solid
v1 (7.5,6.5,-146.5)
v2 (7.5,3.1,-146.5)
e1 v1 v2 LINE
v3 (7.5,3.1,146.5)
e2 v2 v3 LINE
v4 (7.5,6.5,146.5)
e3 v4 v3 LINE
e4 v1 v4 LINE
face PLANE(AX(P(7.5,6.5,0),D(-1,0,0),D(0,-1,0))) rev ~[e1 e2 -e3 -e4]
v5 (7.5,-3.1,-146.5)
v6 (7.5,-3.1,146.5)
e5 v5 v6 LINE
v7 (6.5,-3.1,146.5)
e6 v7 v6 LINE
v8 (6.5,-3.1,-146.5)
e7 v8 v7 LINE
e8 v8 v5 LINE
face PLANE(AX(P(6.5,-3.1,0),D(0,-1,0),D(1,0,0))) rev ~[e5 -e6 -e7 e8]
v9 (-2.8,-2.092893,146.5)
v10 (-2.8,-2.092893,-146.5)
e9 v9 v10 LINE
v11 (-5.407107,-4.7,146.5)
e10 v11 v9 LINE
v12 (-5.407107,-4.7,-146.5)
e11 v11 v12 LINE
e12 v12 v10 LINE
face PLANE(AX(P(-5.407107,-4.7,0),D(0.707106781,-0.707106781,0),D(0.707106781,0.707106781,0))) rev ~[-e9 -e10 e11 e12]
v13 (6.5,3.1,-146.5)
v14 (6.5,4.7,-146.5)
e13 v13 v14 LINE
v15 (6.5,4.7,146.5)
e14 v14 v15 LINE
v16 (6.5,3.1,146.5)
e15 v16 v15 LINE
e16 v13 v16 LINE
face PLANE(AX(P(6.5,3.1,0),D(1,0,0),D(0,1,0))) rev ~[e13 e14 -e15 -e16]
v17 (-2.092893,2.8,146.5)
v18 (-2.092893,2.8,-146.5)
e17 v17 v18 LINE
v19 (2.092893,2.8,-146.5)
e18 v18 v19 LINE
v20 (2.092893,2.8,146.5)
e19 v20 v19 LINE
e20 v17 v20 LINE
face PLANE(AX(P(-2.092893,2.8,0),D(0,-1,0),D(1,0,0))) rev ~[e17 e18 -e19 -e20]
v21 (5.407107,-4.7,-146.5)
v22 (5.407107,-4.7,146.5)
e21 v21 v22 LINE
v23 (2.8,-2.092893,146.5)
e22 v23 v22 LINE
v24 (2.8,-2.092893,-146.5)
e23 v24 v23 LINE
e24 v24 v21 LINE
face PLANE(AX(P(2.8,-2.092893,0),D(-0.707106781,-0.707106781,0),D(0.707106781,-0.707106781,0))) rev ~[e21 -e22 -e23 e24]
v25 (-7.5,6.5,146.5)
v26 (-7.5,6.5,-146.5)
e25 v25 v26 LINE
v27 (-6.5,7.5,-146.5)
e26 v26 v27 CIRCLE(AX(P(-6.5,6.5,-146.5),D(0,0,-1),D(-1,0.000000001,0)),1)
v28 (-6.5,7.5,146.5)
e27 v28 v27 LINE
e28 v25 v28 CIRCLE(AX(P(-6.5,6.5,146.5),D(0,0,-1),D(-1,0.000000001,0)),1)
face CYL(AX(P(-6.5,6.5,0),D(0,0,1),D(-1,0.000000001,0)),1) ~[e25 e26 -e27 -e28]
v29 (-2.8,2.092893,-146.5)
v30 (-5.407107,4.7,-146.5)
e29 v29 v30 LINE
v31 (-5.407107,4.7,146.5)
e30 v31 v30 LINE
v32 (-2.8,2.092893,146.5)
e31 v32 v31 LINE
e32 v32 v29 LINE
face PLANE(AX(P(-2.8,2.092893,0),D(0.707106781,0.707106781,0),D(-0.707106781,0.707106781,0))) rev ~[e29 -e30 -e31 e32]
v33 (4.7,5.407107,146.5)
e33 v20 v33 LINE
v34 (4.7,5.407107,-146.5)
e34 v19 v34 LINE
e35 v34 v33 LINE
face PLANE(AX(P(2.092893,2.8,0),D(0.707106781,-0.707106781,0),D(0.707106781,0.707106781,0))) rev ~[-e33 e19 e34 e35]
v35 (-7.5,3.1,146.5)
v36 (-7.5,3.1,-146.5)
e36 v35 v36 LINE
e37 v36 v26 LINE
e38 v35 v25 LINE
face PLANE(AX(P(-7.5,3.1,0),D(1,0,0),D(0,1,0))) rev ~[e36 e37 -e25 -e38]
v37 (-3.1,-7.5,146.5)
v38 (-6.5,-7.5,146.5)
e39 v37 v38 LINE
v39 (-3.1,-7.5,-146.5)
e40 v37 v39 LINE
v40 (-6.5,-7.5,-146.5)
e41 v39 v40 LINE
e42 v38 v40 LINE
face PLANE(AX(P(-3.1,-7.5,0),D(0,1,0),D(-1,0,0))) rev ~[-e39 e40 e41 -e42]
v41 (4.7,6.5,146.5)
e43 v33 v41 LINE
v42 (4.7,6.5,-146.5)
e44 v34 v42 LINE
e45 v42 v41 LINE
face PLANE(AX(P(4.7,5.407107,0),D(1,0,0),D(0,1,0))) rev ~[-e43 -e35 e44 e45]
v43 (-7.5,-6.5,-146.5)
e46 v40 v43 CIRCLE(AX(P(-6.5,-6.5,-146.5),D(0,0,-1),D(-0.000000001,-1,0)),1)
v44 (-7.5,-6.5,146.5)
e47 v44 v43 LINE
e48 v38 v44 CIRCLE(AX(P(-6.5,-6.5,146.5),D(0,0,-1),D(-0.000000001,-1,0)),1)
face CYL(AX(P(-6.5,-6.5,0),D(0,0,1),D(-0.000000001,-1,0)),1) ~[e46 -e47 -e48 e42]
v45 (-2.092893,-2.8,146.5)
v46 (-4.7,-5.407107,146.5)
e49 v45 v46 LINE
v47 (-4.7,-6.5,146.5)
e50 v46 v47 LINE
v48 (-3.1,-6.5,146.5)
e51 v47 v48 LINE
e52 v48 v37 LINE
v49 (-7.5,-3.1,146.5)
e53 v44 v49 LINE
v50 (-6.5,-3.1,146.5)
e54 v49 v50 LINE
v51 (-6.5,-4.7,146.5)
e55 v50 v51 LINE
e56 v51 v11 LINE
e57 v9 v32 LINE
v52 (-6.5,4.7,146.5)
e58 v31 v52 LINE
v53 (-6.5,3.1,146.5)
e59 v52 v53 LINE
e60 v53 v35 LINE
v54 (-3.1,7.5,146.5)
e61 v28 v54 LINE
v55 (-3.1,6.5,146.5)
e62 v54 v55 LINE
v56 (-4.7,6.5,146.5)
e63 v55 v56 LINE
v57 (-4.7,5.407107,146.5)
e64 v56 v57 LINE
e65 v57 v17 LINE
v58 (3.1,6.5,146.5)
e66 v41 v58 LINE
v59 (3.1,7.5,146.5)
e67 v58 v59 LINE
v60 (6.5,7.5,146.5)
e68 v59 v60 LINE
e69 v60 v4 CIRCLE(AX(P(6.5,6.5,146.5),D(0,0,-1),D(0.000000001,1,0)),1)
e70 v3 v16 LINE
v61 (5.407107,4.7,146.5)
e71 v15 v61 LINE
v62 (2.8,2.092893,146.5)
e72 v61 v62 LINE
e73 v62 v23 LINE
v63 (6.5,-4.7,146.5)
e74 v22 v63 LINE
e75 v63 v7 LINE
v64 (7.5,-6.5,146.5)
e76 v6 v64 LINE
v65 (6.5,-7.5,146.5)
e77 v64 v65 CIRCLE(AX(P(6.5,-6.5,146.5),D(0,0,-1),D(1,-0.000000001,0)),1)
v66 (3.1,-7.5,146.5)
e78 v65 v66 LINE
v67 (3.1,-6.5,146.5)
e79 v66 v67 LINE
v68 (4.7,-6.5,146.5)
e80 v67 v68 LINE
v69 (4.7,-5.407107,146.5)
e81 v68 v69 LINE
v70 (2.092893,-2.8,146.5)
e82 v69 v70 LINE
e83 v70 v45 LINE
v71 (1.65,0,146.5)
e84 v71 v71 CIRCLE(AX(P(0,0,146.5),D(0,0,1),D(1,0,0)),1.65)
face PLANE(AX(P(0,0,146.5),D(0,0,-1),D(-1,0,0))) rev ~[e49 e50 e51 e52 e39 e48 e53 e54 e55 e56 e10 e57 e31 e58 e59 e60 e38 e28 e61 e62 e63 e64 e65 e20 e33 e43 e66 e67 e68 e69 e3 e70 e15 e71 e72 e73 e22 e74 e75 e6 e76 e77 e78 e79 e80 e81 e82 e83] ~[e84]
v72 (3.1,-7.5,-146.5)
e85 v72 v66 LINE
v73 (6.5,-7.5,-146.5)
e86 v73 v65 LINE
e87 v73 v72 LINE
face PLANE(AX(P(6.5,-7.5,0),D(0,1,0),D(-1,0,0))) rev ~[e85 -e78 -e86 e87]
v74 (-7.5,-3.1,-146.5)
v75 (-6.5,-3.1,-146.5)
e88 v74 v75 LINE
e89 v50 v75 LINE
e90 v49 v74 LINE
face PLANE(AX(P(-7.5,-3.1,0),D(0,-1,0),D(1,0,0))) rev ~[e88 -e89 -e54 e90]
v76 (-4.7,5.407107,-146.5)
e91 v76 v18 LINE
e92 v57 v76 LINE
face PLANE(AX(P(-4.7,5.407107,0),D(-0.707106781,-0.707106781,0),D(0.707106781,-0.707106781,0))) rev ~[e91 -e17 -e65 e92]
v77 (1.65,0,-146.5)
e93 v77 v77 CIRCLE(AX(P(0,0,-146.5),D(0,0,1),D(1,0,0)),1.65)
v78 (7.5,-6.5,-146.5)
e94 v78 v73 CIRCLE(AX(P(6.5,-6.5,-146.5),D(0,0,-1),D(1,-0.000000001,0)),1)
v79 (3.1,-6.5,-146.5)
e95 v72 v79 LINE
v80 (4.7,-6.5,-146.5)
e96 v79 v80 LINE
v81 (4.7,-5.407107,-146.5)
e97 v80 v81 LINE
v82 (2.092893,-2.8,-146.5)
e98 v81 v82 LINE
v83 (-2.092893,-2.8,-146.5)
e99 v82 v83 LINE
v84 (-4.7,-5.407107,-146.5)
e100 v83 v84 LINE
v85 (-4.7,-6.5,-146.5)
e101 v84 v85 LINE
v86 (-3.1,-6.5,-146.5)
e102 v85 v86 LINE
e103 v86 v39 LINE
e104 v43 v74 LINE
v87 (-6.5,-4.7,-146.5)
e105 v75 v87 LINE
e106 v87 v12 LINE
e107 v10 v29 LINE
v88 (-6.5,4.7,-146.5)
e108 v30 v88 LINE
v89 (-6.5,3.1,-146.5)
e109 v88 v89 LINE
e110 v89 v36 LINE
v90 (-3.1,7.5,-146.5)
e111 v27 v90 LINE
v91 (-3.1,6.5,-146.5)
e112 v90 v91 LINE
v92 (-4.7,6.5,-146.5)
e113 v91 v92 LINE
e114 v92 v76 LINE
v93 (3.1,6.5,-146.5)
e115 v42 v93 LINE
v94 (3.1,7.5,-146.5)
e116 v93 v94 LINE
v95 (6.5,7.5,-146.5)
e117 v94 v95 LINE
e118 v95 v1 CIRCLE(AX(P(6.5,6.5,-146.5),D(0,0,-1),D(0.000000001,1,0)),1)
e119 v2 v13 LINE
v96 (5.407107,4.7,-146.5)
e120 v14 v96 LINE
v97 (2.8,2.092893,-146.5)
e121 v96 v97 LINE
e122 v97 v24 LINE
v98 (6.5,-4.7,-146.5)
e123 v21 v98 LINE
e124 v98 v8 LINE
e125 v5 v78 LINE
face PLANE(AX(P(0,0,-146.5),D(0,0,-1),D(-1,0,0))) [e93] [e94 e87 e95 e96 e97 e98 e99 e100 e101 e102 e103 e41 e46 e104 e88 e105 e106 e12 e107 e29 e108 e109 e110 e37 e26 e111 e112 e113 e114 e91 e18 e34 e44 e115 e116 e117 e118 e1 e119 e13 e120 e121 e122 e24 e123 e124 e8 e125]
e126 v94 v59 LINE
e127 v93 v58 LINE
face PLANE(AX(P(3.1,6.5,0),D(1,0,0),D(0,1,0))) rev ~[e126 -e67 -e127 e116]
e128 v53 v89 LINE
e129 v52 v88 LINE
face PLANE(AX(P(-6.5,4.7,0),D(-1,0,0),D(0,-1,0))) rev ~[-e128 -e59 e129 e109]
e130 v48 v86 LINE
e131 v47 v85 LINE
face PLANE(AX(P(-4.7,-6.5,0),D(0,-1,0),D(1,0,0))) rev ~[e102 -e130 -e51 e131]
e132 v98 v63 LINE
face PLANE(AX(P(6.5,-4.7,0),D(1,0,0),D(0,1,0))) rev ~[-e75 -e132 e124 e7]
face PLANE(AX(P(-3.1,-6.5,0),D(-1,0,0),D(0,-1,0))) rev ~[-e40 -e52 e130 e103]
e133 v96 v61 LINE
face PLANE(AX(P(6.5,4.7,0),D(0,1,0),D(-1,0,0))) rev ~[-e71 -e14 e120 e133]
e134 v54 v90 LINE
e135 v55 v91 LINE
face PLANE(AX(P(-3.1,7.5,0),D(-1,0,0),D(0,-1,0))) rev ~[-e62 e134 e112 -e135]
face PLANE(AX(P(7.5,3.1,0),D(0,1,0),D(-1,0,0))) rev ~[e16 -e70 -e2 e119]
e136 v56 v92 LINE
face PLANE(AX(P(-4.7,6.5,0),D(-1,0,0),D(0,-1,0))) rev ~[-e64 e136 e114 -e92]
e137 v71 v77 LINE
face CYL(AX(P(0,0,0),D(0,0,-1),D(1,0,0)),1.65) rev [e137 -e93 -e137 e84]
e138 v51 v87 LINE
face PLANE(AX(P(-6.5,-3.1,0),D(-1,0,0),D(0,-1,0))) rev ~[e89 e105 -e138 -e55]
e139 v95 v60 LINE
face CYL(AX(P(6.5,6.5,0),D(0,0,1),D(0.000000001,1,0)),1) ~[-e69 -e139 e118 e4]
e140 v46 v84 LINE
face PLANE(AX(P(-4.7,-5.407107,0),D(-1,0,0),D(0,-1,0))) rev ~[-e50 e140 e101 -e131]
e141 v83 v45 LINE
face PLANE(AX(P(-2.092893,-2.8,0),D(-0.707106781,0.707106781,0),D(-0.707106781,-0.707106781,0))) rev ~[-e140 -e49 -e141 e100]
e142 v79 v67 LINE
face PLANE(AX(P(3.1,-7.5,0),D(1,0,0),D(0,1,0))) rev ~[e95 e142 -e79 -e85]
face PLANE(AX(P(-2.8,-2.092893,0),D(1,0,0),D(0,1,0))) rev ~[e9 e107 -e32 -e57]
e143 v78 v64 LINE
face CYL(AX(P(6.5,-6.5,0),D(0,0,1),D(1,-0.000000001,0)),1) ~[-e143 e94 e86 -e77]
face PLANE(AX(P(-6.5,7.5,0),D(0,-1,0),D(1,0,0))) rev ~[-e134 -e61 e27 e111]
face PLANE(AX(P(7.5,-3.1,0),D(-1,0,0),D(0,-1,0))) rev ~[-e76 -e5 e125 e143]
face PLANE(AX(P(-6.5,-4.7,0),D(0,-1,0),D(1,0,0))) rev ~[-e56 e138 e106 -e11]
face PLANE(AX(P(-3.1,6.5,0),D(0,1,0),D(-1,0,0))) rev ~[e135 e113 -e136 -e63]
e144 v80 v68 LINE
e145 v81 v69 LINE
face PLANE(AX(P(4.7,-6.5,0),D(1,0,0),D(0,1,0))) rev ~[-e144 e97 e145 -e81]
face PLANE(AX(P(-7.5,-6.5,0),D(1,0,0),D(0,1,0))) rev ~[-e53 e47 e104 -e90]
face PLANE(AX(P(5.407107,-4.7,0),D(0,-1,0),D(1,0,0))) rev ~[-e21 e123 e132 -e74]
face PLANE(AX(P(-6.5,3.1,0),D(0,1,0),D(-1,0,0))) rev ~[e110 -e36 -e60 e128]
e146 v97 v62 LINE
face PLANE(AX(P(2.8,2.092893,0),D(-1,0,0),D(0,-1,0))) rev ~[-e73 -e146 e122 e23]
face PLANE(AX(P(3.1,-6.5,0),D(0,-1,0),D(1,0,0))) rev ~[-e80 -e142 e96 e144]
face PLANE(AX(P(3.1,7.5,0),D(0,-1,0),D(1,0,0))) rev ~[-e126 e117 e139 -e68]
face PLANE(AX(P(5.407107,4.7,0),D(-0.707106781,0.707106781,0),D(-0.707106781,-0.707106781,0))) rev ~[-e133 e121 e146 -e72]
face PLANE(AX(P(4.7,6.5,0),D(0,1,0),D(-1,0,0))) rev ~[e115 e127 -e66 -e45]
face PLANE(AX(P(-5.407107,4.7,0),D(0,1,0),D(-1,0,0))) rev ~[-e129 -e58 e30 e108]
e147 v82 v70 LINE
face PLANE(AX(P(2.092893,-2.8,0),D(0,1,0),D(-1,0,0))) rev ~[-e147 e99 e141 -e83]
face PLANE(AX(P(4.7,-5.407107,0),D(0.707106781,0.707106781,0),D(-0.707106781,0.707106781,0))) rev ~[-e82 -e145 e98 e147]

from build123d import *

# Parameters (mm, degrees)
SKETCH_2_R      = 1.65
EXTRUDE_1_DEPTH = 146.5


with BuildPart() as part:
    # 草图2 → 凸台-拉伸1 (new, symmetric)
    with BuildSketch(Plane.XY):
        with BuildLine():
            Line((-2.092893219, -2.8), (-4.7, -5.407106781))
            Line((-4.7, -5.407106781), (-4.7, -6.5))
            Line((-4.7, -6.5), (-3.1, -6.5))
            Line((-3.1, -6.5), (-3.1, -7.5))
            Line((-3.1, -7.5), (-6.5, -7.5))
            ThreePointArc((-6.5, -7.5), (-7.207106781, -7.207106781), (-7.5, -6.5))
            Line((-7.5, -6.5), (-7.5, -3.1))
            Line((-7.5, -3.1), (-6.5, -3.1))
            Line((-6.5, -3.1), (-6.5, -4.7))
            Line((-6.5, -4.7), (-5.407106781, -4.7))
            Line((-5.407106781, -4.7), (-2.8, -2.092893219))
            Line((-2.8, -2.092893219), (-2.8, 2.092893219))
            Line((-2.8, 2.092893219), (-5.407106781, 4.7))
            Line((-5.407106781, 4.7), (-6.5, 4.7))
            Line((-6.5, 4.7), (-6.5, 3.1))
            Line((-6.5, 3.1), (-7.5, 3.1))
            Line((-7.5, 3.1), (-7.5, 6.5))
            ThreePointArc((-7.5, 6.5), (-7.207106781, 7.207106781), (-6.5, 7.5))
            Line((-6.5, 7.5), (-3.1, 7.5))
            Line((-3.1, 7.5), (-3.1, 6.5))
            Line((-3.1, 6.5), (-4.7, 6.5))
            Line((-4.7, 6.5), (-4.7, 5.407106781))
            Line((-4.7, 5.407106781), (-2.092893219, 2.8))
            Line((-2.092893219, 2.8), (2.092893219, 2.8))
            Line((2.092893219, 2.8), (4.7, 5.407106781))
            Line((4.7, 5.407106781), (4.7, 6.5))
            Line((4.7, 6.5), (3.1, 6.5))
            Line((3.1, 6.5), (3.1, 7.5))
            Line((3.1, 7.5), (6.5, 7.5))
            ThreePointArc((6.5, 7.5), (7.207106781, 7.207106781), (7.5, 6.5))
            Line((7.5, 6.5), (7.5, 3.1))
            Line((7.5, 3.1), (6.5, 3.1))
            Line((6.5, 3.1), (6.5, 4.7))
            Line((6.5, 4.7), (5.407106781, 4.7))
            Line((5.407106781, 4.7), (2.8, 2.092893219))
            Line((2.8, 2.092893219), (2.8, -2.092893219))
            Line((2.8, -2.092893219), (5.407106781, -4.7))
            Line((5.407106781, -4.7), (6.5, -4.7))
            Line((6.5, -4.7), (6.5, -3.1))
            Line((6.5, -3.1), (7.5, -3.1))
            Line((7.5, -3.1), (7.5, -6.5))
            ThreePointArc((7.5, -6.5), (7.207106781, -7.207106781), (6.5, -7.5))
            Line((6.5, -7.5), (3.1, -7.5))
            Line((3.1, -7.5), (3.1, -6.5))
            Line((3.1, -6.5), (4.7, -6.5))
            Line((4.7, -6.5), (4.7, -5.407106781))
            Line((4.7, -5.407106781), (2.092893219, -2.8))
            Line((2.092893219, -2.8), (-2.092893219, -2.8))
        make_face()
        Circle(SKETCH_2_R, mode=Mode.SUBTRACT)
    extrude(amount=EXTRUDE_1_DEPTH, both=True)


solid = part.part
